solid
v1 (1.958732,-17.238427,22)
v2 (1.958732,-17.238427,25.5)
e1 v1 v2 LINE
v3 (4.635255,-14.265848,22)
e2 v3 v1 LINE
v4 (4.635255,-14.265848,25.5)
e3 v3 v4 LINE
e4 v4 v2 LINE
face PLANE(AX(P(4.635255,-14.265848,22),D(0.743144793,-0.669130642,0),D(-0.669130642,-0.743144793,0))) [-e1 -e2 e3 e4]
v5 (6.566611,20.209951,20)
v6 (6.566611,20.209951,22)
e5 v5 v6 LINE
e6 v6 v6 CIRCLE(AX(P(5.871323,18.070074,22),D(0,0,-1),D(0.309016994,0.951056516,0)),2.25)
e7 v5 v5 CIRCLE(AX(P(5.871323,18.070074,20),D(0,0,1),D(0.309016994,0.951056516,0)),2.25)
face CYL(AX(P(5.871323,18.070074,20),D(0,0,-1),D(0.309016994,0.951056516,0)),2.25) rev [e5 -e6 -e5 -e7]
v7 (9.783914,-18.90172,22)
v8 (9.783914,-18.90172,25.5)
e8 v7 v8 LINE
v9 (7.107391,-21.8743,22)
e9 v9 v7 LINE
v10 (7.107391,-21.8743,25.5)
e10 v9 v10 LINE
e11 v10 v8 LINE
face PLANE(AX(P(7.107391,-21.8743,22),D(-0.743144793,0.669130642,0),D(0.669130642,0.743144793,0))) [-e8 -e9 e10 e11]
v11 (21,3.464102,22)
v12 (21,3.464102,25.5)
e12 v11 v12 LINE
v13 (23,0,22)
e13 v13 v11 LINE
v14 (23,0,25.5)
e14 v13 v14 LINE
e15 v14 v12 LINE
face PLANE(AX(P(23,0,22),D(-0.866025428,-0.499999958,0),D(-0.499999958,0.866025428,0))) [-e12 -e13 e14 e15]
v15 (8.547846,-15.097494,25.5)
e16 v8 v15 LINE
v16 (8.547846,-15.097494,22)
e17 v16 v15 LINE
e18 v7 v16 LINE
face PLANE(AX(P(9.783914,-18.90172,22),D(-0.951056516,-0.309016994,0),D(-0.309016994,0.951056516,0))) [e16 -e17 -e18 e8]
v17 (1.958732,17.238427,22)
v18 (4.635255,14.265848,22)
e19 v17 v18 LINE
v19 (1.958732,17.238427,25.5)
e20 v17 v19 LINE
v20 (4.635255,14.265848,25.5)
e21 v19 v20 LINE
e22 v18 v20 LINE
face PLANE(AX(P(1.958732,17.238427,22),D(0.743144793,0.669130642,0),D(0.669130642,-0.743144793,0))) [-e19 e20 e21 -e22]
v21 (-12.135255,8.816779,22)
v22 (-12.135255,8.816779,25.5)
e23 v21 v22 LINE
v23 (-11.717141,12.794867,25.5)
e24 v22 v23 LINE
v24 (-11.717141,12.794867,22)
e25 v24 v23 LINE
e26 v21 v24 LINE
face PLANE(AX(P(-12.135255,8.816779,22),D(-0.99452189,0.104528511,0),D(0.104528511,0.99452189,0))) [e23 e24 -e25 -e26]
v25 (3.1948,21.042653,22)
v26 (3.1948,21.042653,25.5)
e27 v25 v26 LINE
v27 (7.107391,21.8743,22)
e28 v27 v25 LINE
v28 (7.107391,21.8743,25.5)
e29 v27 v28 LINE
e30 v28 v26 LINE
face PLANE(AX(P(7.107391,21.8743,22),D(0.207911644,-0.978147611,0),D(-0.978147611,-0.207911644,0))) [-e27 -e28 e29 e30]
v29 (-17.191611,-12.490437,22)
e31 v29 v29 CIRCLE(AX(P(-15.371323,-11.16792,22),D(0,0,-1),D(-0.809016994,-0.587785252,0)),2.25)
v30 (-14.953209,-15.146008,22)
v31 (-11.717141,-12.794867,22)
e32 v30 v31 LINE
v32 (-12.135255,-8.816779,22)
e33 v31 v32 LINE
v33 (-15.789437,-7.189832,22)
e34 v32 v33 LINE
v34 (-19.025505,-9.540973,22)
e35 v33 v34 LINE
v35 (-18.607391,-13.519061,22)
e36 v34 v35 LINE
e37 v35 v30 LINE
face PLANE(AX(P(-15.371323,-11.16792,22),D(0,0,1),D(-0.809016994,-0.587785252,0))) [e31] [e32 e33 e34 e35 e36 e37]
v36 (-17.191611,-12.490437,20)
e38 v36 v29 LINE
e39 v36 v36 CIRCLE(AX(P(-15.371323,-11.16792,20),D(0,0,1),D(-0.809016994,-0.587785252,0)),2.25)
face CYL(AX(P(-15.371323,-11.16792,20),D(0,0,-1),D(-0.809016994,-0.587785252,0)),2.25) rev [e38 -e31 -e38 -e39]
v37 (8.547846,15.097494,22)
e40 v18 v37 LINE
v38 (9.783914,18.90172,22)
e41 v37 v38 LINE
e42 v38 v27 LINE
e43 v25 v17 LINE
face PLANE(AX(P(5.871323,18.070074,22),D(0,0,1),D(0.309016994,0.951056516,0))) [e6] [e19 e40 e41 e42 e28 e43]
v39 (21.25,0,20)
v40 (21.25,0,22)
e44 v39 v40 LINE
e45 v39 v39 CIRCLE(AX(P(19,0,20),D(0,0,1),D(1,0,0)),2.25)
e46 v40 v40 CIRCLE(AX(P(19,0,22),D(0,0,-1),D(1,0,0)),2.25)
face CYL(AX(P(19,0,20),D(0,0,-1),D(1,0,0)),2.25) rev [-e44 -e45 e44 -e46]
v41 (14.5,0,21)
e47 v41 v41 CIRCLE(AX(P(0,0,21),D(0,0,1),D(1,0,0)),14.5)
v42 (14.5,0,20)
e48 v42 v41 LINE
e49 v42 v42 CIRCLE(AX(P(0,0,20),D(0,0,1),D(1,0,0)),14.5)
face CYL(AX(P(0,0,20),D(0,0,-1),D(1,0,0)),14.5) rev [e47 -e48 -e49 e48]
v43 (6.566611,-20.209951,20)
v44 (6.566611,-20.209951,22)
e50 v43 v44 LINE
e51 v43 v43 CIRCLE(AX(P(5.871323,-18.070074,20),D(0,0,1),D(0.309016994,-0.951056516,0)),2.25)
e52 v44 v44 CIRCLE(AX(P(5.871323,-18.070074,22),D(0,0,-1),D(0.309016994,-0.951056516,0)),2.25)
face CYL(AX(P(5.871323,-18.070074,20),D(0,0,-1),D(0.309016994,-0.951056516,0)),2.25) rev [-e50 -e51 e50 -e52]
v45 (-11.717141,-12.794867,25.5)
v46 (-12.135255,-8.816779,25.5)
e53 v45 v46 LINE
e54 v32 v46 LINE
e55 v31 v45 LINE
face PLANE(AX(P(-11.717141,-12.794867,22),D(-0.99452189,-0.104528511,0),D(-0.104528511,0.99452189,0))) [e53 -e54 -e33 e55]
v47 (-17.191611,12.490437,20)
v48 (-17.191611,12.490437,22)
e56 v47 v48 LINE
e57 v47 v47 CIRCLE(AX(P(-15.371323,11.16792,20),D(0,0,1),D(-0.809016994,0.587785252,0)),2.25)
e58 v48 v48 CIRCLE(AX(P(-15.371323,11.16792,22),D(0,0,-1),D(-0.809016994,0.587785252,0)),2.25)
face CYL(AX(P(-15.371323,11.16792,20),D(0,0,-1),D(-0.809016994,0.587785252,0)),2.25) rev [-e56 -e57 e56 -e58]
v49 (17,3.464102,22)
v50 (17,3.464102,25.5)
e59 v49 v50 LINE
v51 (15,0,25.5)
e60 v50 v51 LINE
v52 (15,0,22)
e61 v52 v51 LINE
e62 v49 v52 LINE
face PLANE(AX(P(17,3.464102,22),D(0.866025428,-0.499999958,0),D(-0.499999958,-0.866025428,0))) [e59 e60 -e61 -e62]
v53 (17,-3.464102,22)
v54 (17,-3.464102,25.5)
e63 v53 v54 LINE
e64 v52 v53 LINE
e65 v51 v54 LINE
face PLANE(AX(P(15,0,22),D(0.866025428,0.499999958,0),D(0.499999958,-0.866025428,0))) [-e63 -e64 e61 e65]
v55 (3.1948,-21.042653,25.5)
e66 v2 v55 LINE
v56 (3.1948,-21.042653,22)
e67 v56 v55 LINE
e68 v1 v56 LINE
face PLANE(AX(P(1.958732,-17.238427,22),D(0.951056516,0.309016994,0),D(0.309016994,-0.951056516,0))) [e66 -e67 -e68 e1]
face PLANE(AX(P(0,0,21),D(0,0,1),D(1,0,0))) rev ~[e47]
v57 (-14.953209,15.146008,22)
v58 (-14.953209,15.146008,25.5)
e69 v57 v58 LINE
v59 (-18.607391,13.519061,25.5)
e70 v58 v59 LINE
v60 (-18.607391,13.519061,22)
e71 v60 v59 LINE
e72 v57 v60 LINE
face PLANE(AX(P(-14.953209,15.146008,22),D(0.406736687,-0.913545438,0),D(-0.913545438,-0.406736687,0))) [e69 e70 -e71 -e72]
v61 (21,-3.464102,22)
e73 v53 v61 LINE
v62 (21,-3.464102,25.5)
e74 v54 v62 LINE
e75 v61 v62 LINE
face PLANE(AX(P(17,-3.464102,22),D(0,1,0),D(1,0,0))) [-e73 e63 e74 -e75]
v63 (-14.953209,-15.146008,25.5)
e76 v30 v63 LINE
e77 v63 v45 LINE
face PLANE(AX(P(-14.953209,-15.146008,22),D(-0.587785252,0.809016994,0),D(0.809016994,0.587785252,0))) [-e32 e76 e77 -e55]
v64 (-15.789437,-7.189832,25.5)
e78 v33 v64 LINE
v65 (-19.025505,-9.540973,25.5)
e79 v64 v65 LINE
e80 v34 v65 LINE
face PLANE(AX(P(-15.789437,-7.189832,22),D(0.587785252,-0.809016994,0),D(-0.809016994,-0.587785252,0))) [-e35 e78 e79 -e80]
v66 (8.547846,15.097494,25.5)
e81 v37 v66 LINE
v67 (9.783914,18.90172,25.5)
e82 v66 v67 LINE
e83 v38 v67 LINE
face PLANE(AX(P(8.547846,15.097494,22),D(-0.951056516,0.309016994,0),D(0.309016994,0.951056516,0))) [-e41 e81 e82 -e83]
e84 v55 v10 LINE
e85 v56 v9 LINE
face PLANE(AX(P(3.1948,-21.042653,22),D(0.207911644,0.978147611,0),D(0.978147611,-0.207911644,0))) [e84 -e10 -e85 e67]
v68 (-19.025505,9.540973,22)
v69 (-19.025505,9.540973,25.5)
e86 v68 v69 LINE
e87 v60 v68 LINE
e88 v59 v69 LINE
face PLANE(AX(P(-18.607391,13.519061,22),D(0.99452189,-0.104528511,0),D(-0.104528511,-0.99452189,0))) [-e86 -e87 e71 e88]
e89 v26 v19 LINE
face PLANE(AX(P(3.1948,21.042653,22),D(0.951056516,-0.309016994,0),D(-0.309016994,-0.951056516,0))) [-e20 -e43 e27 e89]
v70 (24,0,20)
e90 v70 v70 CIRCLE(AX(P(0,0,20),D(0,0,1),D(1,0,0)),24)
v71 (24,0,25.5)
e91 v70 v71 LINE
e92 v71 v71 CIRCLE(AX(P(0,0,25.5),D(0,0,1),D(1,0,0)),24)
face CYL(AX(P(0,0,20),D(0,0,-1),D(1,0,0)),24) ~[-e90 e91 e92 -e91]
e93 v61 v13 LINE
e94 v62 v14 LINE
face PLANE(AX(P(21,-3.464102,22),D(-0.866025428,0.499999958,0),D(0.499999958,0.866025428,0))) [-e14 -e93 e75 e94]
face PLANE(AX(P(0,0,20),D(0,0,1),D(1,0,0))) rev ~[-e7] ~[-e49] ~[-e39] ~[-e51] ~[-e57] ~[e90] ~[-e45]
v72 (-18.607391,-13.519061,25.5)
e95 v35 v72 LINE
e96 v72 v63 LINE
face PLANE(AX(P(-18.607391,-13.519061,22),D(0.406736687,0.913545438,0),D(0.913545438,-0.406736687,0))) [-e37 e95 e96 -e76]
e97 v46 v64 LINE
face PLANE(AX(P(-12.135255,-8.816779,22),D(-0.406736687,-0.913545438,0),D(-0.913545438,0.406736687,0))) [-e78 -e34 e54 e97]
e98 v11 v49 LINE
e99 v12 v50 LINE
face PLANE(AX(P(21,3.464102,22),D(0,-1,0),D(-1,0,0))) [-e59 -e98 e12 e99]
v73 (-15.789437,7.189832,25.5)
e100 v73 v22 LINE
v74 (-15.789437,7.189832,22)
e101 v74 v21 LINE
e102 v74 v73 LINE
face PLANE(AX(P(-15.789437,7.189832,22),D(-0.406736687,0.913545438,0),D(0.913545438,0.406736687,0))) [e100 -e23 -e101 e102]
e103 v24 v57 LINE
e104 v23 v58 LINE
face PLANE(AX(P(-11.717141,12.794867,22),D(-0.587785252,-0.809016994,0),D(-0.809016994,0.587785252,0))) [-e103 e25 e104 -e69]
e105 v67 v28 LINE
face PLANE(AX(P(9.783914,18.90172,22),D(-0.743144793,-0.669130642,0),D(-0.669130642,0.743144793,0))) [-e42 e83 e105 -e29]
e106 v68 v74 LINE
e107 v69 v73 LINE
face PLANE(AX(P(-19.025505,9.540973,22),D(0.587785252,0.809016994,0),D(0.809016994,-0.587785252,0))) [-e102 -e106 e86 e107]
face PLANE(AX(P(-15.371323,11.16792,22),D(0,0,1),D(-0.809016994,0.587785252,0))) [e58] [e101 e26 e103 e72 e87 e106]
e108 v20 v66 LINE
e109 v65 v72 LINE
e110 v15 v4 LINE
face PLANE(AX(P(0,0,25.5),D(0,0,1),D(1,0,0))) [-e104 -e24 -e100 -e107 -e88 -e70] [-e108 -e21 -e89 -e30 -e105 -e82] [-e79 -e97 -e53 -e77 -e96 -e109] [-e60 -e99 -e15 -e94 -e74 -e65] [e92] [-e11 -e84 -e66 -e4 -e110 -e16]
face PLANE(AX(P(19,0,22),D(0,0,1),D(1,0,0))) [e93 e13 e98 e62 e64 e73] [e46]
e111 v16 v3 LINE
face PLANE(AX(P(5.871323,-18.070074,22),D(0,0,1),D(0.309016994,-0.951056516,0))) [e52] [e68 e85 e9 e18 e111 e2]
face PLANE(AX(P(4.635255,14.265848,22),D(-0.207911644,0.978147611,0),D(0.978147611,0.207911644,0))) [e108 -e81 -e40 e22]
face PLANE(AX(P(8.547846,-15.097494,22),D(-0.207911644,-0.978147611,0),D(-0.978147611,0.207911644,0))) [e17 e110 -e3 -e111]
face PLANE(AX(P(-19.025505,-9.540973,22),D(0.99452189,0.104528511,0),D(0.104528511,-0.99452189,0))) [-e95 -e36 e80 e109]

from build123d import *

# Parameters (mm, degrees)
CYLINDER012_R     = 14.5
CYLINDER012_DEPTH = 1
PAD_DEPTH         = 3.5
CYLINDER011_R     = 2.25
CYLINDER011_DEPTH = 10
ARRAY002_COUNT    = 5
CYLINDER010_R     = 24
CYLINDER010_DEPTH = 5.5


with BuildPart() as cylinder012:
    # Cylinder012 → Cylinder012 (new body)
    with BuildSketch(Plane.XY.offset(20)):
        Circle(CYLINDER012_R)
    extrude(amount=CYLINDER012_DEPTH)


with BuildPart() as pressfitm4:
    # Sketch → Pad (new body)
    with BuildSketch(Plane.XY):
        Polygon((4, 0), (2, 3.464102), (-2, 3.464102), (-4, 0), (-2, -3.464102), (2, -3.464102), align=None)
    extrude(amount=PAD_DEPTH)


with BuildPart() as pressfitm4_1:
    # Body placement: moved
    add(pressfitm4.part.moved(Location((19, 0, 22))))


with BuildPart() as array002:
    # Cylinder011 → Cylinder011 (new body)
    with BuildSketch(Plane(origin=(19, 0, 20), x_dir=(1, 0, 0), z_dir=(0, 0, 1))):
        Circle(CYLINDER011_R)
    extrude(amount=CYLINDER011_DEPTH)

    # Fusion003: union PressfitM4
    add(pressfitm4_1.part)

    # Array002: Array002 ×5 about axis
    array002_axis = Axis((0, 0, 0), (0, 0, 1))


with BuildPart() as array002_1:
    add(array002.part)
    for i in range(1, ARRAY002_COUNT):
        add(array002.part.rotate(array002_axis, i * 360 / ARRAY002_COUNT))


with BuildPart() as cut006:
    # Cylinder010 → Cylinder010 (new body)
    with BuildSketch(Plane.XY.offset(20)):
        Circle(CYLINDER010_R)
    extrude(amount=CYLINDER010_DEPTH)

    # Cut005: cut Array002
    add(array002_1.part, mode=Mode.SUBTRACT)

    # Cut006: cut Cylinder012
    add(cylinder012.part, mode=Mode.SUBTRACT)


solid = cut006.part
